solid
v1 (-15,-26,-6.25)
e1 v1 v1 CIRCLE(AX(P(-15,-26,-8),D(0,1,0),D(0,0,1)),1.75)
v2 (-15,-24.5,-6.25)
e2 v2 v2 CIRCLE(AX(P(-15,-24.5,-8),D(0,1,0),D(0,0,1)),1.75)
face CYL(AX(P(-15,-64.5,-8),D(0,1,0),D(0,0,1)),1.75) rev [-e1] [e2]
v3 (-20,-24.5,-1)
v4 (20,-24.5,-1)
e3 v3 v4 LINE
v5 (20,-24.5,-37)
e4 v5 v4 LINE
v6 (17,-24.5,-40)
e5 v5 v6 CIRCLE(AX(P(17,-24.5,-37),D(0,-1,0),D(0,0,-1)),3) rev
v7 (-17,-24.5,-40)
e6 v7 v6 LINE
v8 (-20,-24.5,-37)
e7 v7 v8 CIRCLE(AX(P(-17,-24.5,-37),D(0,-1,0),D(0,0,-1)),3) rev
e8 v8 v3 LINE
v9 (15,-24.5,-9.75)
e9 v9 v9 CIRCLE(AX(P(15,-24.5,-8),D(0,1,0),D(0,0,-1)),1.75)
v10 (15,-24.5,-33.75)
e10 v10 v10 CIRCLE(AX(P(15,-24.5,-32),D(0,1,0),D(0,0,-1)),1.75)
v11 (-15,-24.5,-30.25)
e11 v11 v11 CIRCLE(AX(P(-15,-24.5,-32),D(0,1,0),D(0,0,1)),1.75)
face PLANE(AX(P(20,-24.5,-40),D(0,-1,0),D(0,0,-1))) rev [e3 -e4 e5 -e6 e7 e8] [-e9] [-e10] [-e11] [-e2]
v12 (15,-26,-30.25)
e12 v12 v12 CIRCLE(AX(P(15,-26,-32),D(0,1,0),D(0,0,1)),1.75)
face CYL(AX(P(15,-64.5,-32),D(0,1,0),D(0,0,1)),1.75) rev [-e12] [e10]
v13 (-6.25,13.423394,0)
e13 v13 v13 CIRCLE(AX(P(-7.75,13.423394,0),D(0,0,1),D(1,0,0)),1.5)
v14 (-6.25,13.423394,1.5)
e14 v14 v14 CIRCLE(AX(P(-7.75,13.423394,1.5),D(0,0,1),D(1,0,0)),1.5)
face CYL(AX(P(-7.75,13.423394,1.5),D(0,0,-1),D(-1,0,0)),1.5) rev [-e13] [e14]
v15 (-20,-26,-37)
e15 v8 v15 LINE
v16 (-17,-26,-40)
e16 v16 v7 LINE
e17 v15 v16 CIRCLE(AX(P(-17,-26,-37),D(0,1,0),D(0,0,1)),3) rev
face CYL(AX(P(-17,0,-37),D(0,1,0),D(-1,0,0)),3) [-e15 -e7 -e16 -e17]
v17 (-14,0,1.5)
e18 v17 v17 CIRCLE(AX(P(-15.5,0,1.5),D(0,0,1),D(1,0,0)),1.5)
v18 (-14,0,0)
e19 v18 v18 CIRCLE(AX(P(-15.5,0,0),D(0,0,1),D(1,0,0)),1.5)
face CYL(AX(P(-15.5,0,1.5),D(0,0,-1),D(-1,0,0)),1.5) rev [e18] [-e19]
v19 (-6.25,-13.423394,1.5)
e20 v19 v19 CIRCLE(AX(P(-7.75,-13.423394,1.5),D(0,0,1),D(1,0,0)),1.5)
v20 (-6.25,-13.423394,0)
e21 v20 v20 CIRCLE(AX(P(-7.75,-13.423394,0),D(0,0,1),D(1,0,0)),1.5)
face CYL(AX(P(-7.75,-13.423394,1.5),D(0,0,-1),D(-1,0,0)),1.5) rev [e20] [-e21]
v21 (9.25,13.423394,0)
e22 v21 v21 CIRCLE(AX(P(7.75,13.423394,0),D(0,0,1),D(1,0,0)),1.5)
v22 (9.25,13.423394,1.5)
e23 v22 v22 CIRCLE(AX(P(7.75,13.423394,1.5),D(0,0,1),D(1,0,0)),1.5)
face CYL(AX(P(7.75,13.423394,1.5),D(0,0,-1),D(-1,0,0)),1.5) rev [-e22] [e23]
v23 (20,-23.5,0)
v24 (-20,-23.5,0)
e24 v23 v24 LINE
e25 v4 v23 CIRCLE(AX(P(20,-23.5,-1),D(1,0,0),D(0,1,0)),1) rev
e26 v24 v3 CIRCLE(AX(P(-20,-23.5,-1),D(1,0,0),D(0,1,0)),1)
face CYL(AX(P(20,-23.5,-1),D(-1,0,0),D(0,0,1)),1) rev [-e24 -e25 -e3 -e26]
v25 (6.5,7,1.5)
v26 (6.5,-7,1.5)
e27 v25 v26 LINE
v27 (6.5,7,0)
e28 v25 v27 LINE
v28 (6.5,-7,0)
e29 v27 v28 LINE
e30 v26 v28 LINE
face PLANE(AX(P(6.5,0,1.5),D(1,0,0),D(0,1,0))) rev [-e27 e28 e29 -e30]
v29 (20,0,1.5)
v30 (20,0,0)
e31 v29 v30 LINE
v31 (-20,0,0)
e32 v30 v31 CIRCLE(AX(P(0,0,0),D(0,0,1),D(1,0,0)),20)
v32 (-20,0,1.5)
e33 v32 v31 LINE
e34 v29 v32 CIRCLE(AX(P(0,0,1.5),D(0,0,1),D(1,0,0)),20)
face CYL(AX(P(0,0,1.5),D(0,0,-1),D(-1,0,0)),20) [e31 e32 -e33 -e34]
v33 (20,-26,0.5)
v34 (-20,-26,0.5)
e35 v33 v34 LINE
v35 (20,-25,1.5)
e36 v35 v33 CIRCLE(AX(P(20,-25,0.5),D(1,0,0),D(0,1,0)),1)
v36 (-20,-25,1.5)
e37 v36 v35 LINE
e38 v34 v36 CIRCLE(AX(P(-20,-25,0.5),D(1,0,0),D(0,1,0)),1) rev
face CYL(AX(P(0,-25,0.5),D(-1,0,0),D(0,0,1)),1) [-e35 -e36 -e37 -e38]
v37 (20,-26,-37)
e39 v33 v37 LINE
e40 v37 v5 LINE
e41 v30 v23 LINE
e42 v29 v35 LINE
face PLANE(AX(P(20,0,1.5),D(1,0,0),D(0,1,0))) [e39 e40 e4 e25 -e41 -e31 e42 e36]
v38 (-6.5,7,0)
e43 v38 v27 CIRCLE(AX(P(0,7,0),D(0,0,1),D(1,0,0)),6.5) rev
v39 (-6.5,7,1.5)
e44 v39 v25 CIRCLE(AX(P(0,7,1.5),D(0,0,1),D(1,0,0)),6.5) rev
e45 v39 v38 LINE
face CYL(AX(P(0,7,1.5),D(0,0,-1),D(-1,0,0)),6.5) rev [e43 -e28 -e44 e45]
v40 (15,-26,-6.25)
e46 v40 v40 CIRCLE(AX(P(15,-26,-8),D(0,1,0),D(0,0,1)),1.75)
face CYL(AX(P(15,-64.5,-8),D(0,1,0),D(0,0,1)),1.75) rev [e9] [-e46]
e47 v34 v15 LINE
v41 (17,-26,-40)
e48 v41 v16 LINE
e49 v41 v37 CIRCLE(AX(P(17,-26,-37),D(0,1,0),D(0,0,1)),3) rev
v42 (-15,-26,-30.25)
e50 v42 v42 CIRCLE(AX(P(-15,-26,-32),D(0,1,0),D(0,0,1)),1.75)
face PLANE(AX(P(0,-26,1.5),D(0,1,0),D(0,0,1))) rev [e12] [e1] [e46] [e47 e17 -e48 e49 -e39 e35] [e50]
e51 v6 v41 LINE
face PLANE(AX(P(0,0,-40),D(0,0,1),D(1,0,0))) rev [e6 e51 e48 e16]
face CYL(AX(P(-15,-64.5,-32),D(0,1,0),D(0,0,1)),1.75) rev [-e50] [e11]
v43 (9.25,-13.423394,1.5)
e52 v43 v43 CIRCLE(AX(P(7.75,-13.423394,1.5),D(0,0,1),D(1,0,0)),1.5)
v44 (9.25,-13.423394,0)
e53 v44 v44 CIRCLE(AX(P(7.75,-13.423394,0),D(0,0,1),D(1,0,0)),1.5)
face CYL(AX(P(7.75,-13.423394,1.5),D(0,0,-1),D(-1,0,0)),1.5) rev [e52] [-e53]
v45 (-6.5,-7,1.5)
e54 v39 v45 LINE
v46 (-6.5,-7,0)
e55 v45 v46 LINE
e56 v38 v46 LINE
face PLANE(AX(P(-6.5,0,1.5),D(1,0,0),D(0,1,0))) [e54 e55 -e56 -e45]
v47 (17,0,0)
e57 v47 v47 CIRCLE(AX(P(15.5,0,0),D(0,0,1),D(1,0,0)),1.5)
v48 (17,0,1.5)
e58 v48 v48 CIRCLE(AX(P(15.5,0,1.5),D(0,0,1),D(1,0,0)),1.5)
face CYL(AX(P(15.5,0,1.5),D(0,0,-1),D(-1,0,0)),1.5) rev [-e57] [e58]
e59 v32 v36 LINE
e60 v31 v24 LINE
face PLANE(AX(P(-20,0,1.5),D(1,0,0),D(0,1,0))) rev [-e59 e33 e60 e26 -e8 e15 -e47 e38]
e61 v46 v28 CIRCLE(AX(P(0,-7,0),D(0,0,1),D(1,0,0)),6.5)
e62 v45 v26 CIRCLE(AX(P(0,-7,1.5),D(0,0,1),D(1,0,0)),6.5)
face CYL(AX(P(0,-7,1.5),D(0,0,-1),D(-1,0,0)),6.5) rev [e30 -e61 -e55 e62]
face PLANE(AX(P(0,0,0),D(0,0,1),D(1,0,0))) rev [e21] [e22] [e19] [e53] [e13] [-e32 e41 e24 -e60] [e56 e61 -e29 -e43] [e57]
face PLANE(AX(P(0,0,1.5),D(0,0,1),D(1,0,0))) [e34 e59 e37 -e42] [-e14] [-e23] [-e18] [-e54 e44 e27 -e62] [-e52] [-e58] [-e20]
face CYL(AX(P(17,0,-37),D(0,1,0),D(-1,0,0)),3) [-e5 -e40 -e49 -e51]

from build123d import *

# Parameters (mm, degrees)
SKETCH_1_R          = 1.5
EXTRUDE_1_DEPTH     = 1.5
SKETCH_2_W          = 40
SKETCH_2_H          = 1.5
EXTRUDE_2_DEPTH     = 40
SKETCH_3_R          = 1.75
CUT_EXTRUDE_1_DEPTH = 40
FILLET_1_R          = 3
FILLET_2_R          = 1


with BuildPart() as part:
    # 草图1 → 凸台-拉伸1 (new body)
    with BuildSketch(Plane.XY):
        with BuildLine():
            Line((-20, 0), (-20, -26))
            Line((-20, -26), (20, -26))
            Line((20, -26), (20, 0))
            ThreePointArc((20, 0), (0, 20), (-20, 0))
        make_face()
        with Locations((-7.75, 13.423393759)):
            Circle(SKETCH_1_R, mode=Mode.SUBTRACT)
        with Locations((7.75, 13.423393759)):
            Circle(SKETCH_1_R, mode=Mode.SUBTRACT)
        with Locations((15.5, 0)):
            Circle(SKETCH_1_R, mode=Mode.SUBTRACT)
        with Locations((7.75, -13.423393759)):
            Circle(SKETCH_1_R, mode=Mode.SUBTRACT)
        with Locations((-7.75, -13.423393759)):
            Circle(SKETCH_1_R, mode=Mode.SUBTRACT)
        with Locations((-15.5, 0)):
            Circle(SKETCH_1_R, mode=Mode.SUBTRACT)
        with BuildLine():
            Line((-6.5, 7), (-6.5, -7))
            ThreePointArc((-6.5, -7), (0, -13.5), (6.5, -7))
            Line((6.5, -7), (6.5, 7))
            ThreePointArc((6.5, 7), (0, 13.5), (-6.5, 7))
        make_face(mode=Mode.SUBTRACT)
    extrude(amount=EXTRUDE_1_DEPTH)

    # 草图2 → 凸台-拉伸2 (add)
    with BuildSketch(Plane(origin=(0, 0, 0), x_dir=(-1, 0, 0), z_dir=(0, 0, -1))):
        with Locations((0, -25.25)):
            Rectangle(SKETCH_2_W, SKETCH_2_H)
    extrude(amount=EXTRUDE_2_DEPTH)

    # 草图3 → 切除-拉伸1 (cut)
    with BuildSketch(Plane(origin=(0, -24.5, 0), x_dir=(1, 0, 0), z_dir=(0, 1, 0))):
        with Locations(Location((-15, 32, 0), (0, 0, 270))):
            Circle(SKETCH_3_R)
        with Locations(Location((-15, 8, 0), (0, 0, 270))):
            Circle(SKETCH_3_R)
        with Locations(Location((15, 8, 0), (0, 0, 270))):
            Circle(SKETCH_3_R)
        with Locations(Location((15, 32, 0), (0, 0, 270))):
            Circle(SKETCH_3_R)
    extrude(amount=-CUT_EXTRUDE_1_DEPTH, mode=Mode.SUBTRACT)

    # 圆角1
    fillet_1_edges = [part.edges().sort_by_distance(p)[0] for p in [
        (20, -25.25, -40),
        (-20, -25.25, -40),
    ]]
    fillet(fillet_1_edges, radius=FILLET_1_R)

    # 圆角2
    fillet_2_edges = [part.edges().sort_by_distance(p)[0] for p in [
        (0, -24.5, 0),
        (0, -26, 1.5),
    ]]
    fillet(fillet_2_edges, radius=FILLET_2_R)


solid = part.part
